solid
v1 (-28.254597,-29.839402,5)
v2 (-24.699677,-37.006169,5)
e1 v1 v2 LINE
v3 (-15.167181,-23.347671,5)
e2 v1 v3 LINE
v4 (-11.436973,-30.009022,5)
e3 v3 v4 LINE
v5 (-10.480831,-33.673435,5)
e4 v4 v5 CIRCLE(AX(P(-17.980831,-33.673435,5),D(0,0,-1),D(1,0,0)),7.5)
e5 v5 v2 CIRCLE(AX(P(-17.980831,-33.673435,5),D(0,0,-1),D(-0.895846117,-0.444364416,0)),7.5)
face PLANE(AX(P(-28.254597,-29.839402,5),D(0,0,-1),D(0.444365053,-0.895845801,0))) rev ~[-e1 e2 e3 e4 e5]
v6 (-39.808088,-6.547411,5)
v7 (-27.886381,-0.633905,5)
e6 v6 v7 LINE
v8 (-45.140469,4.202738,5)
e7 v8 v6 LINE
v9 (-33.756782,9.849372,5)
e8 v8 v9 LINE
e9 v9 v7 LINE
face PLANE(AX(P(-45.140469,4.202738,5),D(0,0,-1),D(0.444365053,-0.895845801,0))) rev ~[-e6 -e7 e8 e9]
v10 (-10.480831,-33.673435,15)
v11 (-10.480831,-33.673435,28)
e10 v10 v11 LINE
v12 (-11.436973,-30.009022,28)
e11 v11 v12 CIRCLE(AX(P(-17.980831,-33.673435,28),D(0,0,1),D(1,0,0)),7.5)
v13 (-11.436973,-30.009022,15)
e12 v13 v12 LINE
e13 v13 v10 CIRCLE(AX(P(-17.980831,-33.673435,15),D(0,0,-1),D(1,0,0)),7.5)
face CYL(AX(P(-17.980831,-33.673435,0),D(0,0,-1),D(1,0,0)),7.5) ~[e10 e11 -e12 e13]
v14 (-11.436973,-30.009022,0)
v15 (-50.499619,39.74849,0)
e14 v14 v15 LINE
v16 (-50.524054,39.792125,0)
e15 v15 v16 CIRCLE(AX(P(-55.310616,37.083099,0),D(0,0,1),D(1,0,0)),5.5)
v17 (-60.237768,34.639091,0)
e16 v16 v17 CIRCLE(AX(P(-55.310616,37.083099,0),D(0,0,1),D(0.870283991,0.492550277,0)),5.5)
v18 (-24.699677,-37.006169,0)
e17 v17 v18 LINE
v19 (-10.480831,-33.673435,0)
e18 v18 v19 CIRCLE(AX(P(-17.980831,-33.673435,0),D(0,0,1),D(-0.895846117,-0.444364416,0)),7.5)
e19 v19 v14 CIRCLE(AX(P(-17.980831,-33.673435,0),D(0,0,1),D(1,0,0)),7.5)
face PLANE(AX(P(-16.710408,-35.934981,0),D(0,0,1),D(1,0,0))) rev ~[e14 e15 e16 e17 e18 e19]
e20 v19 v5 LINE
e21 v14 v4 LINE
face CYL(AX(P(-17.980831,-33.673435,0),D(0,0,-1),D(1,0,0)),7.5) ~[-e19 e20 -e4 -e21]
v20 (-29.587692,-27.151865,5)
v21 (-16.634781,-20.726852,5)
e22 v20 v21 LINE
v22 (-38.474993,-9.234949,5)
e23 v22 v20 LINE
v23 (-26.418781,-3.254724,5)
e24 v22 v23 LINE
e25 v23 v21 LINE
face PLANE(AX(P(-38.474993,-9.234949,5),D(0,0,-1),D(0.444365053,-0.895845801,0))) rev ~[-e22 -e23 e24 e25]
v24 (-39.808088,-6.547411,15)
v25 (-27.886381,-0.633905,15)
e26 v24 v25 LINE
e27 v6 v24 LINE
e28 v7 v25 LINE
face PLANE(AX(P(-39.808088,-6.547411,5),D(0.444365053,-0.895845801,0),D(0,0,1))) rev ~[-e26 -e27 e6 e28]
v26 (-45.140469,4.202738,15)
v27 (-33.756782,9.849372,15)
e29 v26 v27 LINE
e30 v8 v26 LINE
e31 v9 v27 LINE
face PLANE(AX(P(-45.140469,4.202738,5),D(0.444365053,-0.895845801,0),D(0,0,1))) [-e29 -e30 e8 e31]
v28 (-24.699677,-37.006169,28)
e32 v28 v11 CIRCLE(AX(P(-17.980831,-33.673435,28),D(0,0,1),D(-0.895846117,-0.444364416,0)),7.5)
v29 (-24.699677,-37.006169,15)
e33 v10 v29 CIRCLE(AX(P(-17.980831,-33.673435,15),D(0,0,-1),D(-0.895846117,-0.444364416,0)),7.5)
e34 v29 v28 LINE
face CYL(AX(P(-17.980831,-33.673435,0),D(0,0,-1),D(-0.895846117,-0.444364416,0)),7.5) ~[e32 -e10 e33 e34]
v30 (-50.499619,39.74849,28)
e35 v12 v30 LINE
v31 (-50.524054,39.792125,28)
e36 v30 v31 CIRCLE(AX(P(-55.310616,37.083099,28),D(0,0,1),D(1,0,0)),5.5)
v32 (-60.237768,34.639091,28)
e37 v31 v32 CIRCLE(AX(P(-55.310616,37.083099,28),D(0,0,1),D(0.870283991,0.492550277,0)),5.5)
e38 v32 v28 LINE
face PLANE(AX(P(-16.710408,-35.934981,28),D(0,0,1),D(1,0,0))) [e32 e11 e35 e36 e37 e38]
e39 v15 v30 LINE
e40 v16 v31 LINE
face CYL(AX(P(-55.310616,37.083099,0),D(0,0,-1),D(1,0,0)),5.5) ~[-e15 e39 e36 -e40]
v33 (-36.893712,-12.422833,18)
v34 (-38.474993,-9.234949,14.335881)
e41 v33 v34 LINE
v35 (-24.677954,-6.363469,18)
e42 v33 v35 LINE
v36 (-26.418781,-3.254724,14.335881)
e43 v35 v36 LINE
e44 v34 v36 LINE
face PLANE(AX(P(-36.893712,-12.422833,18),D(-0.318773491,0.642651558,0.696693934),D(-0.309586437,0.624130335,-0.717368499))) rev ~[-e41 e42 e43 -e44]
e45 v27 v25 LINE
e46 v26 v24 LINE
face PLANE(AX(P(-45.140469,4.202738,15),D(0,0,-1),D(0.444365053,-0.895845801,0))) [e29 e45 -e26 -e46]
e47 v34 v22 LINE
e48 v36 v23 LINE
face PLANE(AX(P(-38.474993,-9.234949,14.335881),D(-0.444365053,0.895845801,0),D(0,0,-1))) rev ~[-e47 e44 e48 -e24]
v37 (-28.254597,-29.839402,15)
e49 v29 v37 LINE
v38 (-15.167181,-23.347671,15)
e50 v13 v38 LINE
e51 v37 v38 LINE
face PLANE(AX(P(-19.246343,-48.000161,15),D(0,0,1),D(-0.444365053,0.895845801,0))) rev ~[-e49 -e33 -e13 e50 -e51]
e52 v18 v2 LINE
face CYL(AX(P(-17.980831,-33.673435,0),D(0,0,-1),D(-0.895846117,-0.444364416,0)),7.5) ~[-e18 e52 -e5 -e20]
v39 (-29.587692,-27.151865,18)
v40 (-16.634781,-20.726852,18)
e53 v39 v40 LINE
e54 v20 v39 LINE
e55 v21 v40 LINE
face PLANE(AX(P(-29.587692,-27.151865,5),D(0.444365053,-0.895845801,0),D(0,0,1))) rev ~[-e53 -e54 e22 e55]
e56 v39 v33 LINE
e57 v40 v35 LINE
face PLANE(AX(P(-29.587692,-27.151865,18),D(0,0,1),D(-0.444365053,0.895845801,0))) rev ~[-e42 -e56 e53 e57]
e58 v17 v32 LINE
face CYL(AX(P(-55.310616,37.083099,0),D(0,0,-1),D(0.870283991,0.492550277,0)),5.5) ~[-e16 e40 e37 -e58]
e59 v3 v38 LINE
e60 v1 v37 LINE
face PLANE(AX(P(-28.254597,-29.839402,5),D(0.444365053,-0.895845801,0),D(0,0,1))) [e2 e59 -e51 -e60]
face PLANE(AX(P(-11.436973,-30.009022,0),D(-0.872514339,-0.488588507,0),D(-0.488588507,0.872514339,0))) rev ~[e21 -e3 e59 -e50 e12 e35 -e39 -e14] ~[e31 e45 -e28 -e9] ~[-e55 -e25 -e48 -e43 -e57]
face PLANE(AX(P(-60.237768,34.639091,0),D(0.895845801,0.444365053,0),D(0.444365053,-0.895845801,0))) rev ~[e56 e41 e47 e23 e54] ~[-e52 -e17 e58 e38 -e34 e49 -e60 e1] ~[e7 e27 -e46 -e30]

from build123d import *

# Parameters (mm, degrees)
F1_DEPTH = 28
F2_W     = 8
F2_H     = 10
F2_W_2   = 12.2721928373
F3_DEPTH = 25
F5_DEPTH = 25
F6_W     = 12
F6_H     = 10
F7_DEPTH = 25


with BuildPart() as f1:
    # F0 (on Top) → F1 (new body)
    with BuildSketch(Plane.XY):
        with BuildLine():
            ThreePointArc((-24.6996765713, -37.0061686144), (-16.2693027335, -40.9755360174), (-10.4808306919, -33.6734354945))
            ThreePointArc((-10.4808306919, -33.6734354945), (-10.7238019768, -31.7798848011), (-11.4369731527, -30.0090216931))
            Line((-11.4369731527, -30.0090216931), (-18.068324862, -33.5075951538))
            Line((-18.068324862, -33.5075951538), (-24.6996765713, -37.0061686144))
        make_face()
        with BuildLine():
            Line((-11.4369731527, -30.0090216931), (-50.5240537004, 39.792125391))
            ThreePointArc((-50.5240537004, 39.792125391), (-49.9919649413, 38.4837967792), (-49.81061565, 37.083098868))
            ThreePointArc((-49.81061565, 37.083098868), (-50.6007682567, 34.242792981), (-52.7441929341, 32.2185871305))
            Line((-52.7441929341, 32.2185871305), (-21.4804980317, -27.040010398))
            ThreePointArc((-21.4804980317, -27.040010398), (-15.8546767675, -26.4811153201), (-11.4369731527, -30.0090216931))
        make_face()
        with BuildLine():
            Line((-18.068324862, -33.5075951538), (-11.4369731527, -30.0090216931))
            ThreePointArc((-11.4369731527, -30.0090216931), (-15.8546767675, -26.4811153201), (-21.4804980317, -27.040010398))
            Line((-21.4804980317, -27.040010398), (-18.068324862, -33.5075951538))
        make_face()
        with BuildLine():
            Line((-60.2377675578, 34.639091078), (-24.6996765713, -37.0061686144))
            ThreePointArc((-24.6996765713, -37.0061686144), (-25.1177474282, -31.3681330201), (-21.4804980317, -27.040010398))
            Line((-21.4804980317, -27.040010398), (-52.7441929341, 32.2185871305))
            ThreePointArc((-52.7441929341, 32.2185871305), (-57.0011689379, 31.8493593272), (-60.2377675578, 34.639091078))
        make_face()
        with BuildLine():
            ThreePointArc((-21.4804980317, -27.040010398), (-25.1177474282, -31.3681330201), (-24.6996765713, -37.0061686144))
            Line((-24.6996765713, -37.0061686144), (-18.068324862, -33.5075951538))
            Line((-18.068324862, -33.5075951538), (-21.4804980317, -27.040010398))
        make_face()
        with BuildLine():
            ThreePointArc((-49.81061565, 37.083098868), (-49.9919649413, 38.4837967792), (-50.5240537004, 39.792125391))
            ThreePointArc((-50.5240537004, 39.792125391), (-57.8880915552, 41.9417630834), (-60.2377675578, 34.639091078))
            ThreePointArc((-60.2377675578, 34.639091078), (-57.0011689379, 31.8493593272), (-52.7441929341, 32.2185871305))
            ThreePointArc((-52.7441929341, 32.2185871305), (-50.6007682567, 34.242792981), (-49.81061565, 37.083098868))
        make_face()
    extrude(amount=F1_DEPTH)

    # F2 (on face) → F3 (cut)
    with BuildSketch(Plane(origin=(-34.5539816123, -17.1397598076, 0), x_dir=(0.4443650527, -0.8958458014, 0), z_dir=(-0.8958458014, -0.4443650527, 0))):
        with Locations((18.1761476979, 10)):
            Rectangle(F2_W, F2_H)
        with Locations((28.3122441165, 10)):
            Rectangle(F2_W_2, F2_H)
    extrude(amount=-F3_DEPTH, mode=Mode.SUBTRACT)

    # F4 (on face) → F5 (cut)
    with BuildSketch(Plane(origin=(-34.5539816123, -17.1397598076, 0), x_dir=(0.4443650527, -0.8958458014, 0), z_dir=(-0.8958458014, -0.4443650527, 0))):
        Polygon((-8.8238523021, 5), (11.1761476979, 5), (11.1761476979, 18), (-5.2653332241, 18), (-8.8238523021, 14.3358809873), align=None)
    extrude(amount=-F5_DEPTH, mode=Mode.SUBTRACT)

    # F6 (on face) → F7 (cut)
    with BuildSketch(Plane(origin=(-34.5539816123, -17.1397598076, 0), x_dir=(0.4443650527, -0.8958458014, 0), z_dir=(-0.8958458014, -0.4443650527, 0))):
        with Locations((-17.8238523021, 10)):
            Rectangle(F6_W, F6_H)
    extrude(amount=-F7_DEPTH, mode=Mode.SUBTRACT)


solid = f1.part
